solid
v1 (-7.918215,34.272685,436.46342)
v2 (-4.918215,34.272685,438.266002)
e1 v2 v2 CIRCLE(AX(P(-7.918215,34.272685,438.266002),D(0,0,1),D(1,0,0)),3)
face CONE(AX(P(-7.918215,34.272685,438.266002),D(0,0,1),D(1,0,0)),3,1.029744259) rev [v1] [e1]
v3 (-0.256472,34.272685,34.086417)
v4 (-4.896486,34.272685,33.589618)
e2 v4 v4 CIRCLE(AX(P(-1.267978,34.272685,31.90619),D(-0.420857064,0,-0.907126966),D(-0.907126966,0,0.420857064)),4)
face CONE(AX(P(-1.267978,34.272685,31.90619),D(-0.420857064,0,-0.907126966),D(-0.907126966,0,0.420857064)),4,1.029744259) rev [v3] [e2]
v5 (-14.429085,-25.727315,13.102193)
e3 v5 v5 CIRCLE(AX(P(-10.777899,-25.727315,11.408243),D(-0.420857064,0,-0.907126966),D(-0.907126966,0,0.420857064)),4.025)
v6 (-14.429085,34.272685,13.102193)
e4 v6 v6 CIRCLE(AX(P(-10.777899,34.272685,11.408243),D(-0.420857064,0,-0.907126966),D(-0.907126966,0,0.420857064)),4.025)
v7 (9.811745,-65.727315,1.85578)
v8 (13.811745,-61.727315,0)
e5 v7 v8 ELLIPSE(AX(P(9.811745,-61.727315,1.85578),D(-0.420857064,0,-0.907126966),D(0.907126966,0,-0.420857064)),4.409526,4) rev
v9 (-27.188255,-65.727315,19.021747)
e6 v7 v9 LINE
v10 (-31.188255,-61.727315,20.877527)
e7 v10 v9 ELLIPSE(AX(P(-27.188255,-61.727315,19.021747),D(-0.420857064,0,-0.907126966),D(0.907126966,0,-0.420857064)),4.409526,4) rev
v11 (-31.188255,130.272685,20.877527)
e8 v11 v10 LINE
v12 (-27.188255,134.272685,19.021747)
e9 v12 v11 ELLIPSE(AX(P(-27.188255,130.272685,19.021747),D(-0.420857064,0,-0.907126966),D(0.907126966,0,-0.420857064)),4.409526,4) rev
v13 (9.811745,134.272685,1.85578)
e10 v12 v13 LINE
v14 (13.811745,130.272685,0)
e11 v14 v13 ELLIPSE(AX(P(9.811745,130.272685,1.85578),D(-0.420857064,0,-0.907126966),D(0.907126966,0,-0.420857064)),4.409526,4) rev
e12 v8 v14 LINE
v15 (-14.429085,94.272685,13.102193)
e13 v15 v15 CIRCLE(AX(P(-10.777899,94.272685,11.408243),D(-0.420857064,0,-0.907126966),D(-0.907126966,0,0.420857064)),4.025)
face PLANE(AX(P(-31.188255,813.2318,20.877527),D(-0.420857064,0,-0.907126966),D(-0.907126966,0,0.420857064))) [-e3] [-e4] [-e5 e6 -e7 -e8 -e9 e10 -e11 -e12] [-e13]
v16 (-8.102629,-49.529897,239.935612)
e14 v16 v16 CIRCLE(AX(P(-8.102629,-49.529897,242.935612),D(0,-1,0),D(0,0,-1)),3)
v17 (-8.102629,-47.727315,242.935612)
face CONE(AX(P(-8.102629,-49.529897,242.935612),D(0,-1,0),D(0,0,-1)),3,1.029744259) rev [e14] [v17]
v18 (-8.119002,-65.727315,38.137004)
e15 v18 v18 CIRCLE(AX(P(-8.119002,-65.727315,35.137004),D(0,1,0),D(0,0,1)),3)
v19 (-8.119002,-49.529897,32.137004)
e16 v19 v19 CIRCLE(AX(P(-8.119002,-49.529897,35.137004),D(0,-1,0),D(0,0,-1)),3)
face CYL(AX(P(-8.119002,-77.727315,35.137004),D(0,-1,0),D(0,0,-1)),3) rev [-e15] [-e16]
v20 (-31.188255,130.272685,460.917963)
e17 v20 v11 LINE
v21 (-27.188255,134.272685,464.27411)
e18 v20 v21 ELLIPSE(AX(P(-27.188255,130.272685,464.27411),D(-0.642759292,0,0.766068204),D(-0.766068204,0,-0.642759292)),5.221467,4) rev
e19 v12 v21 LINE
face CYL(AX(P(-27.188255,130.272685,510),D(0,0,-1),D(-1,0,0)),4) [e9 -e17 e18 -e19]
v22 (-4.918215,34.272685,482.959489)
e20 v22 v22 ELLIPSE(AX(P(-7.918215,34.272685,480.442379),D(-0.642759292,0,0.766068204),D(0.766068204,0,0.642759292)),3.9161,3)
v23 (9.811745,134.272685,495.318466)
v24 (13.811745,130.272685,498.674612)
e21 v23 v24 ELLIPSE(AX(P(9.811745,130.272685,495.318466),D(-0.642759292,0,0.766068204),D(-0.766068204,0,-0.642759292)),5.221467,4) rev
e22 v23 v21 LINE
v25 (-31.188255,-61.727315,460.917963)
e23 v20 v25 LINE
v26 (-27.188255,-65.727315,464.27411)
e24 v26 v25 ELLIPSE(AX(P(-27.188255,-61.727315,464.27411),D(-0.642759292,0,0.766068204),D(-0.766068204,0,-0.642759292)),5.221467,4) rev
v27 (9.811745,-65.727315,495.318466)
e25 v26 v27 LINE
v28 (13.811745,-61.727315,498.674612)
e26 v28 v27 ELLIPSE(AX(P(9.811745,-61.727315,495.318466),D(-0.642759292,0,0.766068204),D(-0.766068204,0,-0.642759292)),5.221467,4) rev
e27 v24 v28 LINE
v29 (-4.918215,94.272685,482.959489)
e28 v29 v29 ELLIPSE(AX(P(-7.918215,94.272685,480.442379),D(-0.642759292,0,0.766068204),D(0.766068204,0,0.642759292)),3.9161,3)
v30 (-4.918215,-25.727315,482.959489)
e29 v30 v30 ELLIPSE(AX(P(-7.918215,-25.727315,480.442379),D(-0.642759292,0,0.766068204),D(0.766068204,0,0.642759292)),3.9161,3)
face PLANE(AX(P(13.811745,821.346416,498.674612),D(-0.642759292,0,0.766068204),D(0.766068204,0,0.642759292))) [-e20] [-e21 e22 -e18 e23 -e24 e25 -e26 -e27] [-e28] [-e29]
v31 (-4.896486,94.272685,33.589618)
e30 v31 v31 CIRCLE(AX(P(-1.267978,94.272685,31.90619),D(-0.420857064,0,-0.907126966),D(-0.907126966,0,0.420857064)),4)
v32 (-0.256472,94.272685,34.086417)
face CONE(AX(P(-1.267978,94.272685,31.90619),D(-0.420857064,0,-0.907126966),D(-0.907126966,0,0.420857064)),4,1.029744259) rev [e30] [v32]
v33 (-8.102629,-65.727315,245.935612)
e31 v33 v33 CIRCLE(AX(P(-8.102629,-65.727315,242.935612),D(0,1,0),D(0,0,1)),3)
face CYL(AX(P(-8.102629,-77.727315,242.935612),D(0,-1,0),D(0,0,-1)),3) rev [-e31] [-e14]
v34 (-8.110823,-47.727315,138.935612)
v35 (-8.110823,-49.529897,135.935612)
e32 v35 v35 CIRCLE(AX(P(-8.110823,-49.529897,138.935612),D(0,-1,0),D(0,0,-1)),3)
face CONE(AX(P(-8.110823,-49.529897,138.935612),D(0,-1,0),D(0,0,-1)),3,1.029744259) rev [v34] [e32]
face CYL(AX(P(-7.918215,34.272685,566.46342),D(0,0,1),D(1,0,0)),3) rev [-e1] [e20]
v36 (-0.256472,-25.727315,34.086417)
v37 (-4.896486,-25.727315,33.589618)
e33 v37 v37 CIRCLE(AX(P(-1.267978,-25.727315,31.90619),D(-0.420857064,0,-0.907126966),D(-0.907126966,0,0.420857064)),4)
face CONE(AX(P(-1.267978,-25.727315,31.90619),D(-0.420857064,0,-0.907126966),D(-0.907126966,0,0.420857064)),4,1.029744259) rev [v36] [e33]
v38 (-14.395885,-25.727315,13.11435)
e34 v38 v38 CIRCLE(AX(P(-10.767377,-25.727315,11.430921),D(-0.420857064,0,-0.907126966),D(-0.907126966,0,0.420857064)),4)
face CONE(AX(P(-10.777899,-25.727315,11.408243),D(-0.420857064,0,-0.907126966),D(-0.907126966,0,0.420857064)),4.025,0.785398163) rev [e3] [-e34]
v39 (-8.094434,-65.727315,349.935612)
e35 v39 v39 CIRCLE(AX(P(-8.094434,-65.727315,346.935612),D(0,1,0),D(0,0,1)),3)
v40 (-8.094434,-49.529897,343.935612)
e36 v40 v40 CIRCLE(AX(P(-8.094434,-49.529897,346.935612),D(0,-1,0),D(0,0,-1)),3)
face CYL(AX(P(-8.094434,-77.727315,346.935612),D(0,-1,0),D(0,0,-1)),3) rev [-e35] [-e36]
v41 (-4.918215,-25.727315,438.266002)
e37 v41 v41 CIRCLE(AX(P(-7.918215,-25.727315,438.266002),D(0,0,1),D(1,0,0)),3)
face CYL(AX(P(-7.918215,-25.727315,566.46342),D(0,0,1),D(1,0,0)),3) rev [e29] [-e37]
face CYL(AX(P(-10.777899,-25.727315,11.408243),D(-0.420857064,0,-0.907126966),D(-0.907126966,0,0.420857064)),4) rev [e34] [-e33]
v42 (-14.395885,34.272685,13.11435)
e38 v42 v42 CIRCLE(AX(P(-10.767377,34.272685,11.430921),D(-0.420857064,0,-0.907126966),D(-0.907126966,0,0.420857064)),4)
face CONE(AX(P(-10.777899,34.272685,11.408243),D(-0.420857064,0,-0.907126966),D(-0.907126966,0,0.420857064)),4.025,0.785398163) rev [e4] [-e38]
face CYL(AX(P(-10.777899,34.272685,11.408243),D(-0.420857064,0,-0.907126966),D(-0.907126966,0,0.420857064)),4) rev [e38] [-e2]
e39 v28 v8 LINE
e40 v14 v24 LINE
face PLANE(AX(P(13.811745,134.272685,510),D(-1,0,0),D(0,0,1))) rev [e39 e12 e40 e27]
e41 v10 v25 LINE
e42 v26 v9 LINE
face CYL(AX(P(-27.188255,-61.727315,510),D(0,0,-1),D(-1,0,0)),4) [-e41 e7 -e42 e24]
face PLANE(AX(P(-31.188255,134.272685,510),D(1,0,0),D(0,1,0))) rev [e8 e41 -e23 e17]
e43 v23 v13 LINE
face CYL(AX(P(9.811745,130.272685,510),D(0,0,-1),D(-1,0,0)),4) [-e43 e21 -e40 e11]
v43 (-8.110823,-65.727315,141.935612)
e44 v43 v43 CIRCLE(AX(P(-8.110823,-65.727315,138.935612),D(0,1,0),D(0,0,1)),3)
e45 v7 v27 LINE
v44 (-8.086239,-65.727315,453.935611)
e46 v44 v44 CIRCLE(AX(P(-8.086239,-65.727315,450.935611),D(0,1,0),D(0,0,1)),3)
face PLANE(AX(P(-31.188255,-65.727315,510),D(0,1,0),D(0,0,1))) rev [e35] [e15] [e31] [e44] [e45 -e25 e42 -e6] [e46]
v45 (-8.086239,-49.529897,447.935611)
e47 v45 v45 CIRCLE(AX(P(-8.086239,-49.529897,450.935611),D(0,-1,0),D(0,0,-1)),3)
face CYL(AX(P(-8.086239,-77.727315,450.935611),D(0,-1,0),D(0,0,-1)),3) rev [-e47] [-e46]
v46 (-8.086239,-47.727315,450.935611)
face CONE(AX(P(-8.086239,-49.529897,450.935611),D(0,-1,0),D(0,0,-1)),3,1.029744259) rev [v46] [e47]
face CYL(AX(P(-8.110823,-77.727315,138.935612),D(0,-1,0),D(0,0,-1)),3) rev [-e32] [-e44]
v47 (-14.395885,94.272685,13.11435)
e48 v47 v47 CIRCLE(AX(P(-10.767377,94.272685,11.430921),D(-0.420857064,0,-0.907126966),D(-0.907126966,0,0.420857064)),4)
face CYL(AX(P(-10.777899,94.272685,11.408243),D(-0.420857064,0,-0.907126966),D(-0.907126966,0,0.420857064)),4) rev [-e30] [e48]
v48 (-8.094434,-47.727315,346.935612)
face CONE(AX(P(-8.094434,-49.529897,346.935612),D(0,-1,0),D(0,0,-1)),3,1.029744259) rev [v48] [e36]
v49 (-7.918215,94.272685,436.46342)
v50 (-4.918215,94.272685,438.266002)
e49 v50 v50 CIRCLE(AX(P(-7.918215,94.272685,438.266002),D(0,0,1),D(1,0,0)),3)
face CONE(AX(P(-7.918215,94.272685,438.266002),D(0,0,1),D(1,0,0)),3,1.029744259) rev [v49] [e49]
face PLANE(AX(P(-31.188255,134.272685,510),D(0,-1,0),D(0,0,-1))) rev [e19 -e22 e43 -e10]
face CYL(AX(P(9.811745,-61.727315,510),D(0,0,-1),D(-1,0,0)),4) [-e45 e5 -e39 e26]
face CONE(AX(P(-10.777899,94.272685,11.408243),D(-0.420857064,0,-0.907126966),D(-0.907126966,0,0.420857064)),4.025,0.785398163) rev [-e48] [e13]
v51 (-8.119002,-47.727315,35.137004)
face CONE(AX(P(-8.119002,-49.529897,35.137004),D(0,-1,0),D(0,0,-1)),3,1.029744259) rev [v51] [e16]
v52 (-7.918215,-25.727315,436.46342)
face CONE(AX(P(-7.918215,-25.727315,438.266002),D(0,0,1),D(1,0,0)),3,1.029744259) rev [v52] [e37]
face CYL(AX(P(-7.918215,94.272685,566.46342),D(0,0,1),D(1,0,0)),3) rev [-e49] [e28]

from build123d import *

# Parameters (mm, degrees)
SKETCH1_W                        = 45
SKETCH1_H                        = 200
BOSS_EXTRUDE1_DEPTH              = 510
FILLET1_R                        = 4
CUT_EXTRUDE1_DEPTH               = 549.700926986
CUT_EXTRUDE1_DEPTH_BACK          = 549.700926986
CUT_EXTRUDE2_DEPTH               = 539.19055733
CUT_EXTRUDE2_DEPTH_BACK          = 539.19055733
F_8_0MM_DOWEL_SLOT1_D            = 8
F_8_0MM_DOWEL_SLOT1_DEPTH        = 22.596557524
F_8_0MM_DOWEL_SLOT1_CSINK_D      = 8.05
F_8_0MM_DOWEL_SLOT1_CSINK_ANGLE  = 90
F_8_0MM_DOWEL_SLOT1_TIP          = 2.403442476
F_6_0MM_DOWEL_SLOT_D             = 6
F_6_0MM_DOWEL_SLOT_DEPTH         = 128.197418143
F_6_0MM_DOWEL_SLOT_CSINK_D       = 6.05
F_6_0MM_DOWEL_SLOT_CSINK_ANGLE   = 90
F_6_0MM_DOWEL_SLOT_TIP           = 1.802581857
F_6_0MM_DOWEL_SLOT4_D            = 6
F_6_0MM_DOWEL_SLOT4_DEPTH        = 10.197418143
F_6_0MM_DOWEL_SLOT4_TIP          = 1.802581857
F_6_0MM_DOWEL_SLOT17_D           = 6
F_6_0MM_DOWEL_SLOT17_DEPTH       = 28.197418143
F_6_0MM_DOWEL_SLOT17_CSINK_D     = 6.05
F_6_0MM_DOWEL_SLOT17_CSINK_ANGLE = 90
F_6_0MM_DOWEL_SLOT17_TIP         = 1.802581857


with BuildPart() as part:
    # Sketch1 → Boss-Extrude1 (new body)
    with BuildSketch(Plane.XY):
        with Locations((-8.688255411, 34.272684877)):
            Rectangle(SKETCH1_W, SKETCH1_H)
    extrude(amount=BOSS_EXTRUDE1_DEPTH)

    # Fillet1
    fillet1_edges = [part.edges().sort_by_distance(p)[0] for p in [
        (13.811744589, 134.272684877, 255),
        (13.811744589, -65.727315123, 255),
        (-31.188255411, -65.727315123, 255),
        (-31.188255411, 134.272684877, 255),
    ]]
    fillet(fillet1_edges, radius=FILLET1_R)

    # Sketch2 → Cut-Extrude1 (cut, two sides: drawn at the far end of the back side and taken through both)
    with BuildSketch(Plane(origin=(0, 134.272684877, 0), x_dir=(1, 0, 0), z_dir=(0, 1, 0)).offset(-CUT_EXTRUDE1_DEPTH_BACK)):
        Polygon((788.614470133, -1148.76248804), (13.811744589, -498.67461207), (-31.188255411, -460.917963243), (-805.990980955, 189.169912727), (-2106.166732895, -1360.435538361), (-511.561281807, -2698.367939128), align=None)
    extrude(amount=CUT_EXTRUDE1_DEPTH + CUT_EXTRUDE1_DEPTH_BACK, mode=Mode.SUBTRACT)

    # Sketch3 → Cut-Extrude2 (cut, two sides: drawn at the far end of the back side and taken through both)
    with BuildSketch(Plane(origin=(0, 134.272684877, 0), x_dir=(1, 0, 0), z_dir=(0, 1, 0)).offset(-CUT_EXTRUDE2_DEPTH_BACK)):
        Polygon((-948.658060529, -446.533100004), (-31.188255411, -20.877527163), (13.811744589, 0), (931.281549707, 425.655572841), (79.970404025, 2260.595183077), (-1799.969206211, 1388.406510232), align=None)
    extrude(amount=CUT_EXTRUDE2_DEPTH + CUT_EXTRUDE2_DEPTH_BACK, mode=Mode.SUBTRACT)

    # Ø8.0mm Dowel Slot1
    with Locations(Plane(origin=(-1225.746798414, -65.727315123, 575.087047823), x_dir=(-0.9071269657115731, 0, 0.4208570637151221), z_dir=(-0.4208570637151221, 0, -0.9071269657115731))):
        with Locations((-1339.359258027, 40), (-1339.359258027, 100), (-1339.359258027, 160)):
            CounterSinkHole(F_8_0MM_DOWEL_SLOT1_D / 2, F_8_0MM_DOWEL_SLOT1_CSINK_D / 2, depth=F_8_0MM_DOWEL_SLOT1_DEPTH, counter_sink_angle=F_8_0MM_DOWEL_SLOT1_CSINK_ANGLE)
            with Locations((0, 0, -(F_8_0MM_DOWEL_SLOT1_DEPTH + F_8_0MM_DOWEL_SLOT1_TIP / 2))):  # 118° drill point
                Cone(0, F_8_0MM_DOWEL_SLOT1_D / 2, F_8_0MM_DOWEL_SLOT1_TIP, mode=Mode.SUBTRACT)

    # Ø6.0mm Dowel Slot
    with Locations(Plane(origin=(-1255.768167205, -65.727315123, 566.463420302), x_dir=(1, 0, 0), z_dir=(0, 0, 1))):
        with Locations((1247.849951753, 160), (1247.849951753, 100), (1247.849951753, 40)):
            CounterSinkHole(F_6_0MM_DOWEL_SLOT_D / 2, F_6_0MM_DOWEL_SLOT_CSINK_D / 2, depth=F_6_0MM_DOWEL_SLOT_DEPTH, counter_sink_angle=F_6_0MM_DOWEL_SLOT_CSINK_ANGLE)
            with Locations((0, 0, -(F_6_0MM_DOWEL_SLOT_DEPTH + F_6_0MM_DOWEL_SLOT_TIP / 2))):  # 118° drill point
                Cone(0, F_6_0MM_DOWEL_SLOT_D / 2, F_6_0MM_DOWEL_SLOT_TIP, mode=Mode.SUBTRACT)

    # Ø6.0mm Dowel Slot4
    with Locations(Plane(origin=(-1324.714305528, -77.727315123, 452.529822169), x_dir=(0.642759292005894, 0, -0.766068203582476), z_dir=(0, -1, 0))):
        with Locations((-341.005231297, 740.318686522), (-261.339405676, 807.171930483), (-181.750714685, 873.960445306), (-102.007754434, 940.878418405), (-22.496198074, 1007.60220409), (847.496198074, 1007.60220409), (927.007754434, 940.878418405), (1006.750714685, 873.960445306), (1086.339405676, 807.171930483), (1166.005231297, 740.318686522)):
            Hole(F_6_0MM_DOWEL_SLOT4_D / 2, depth=F_6_0MM_DOWEL_SLOT4_DEPTH)
            with Locations((0, 0, -(F_6_0MM_DOWEL_SLOT4_DEPTH + F_6_0MM_DOWEL_SLOT4_TIP / 2))):  # 118° drill point
                Cone(0, F_6_0MM_DOWEL_SLOT4_D / 2, F_6_0MM_DOWEL_SLOT4_TIP, mode=Mode.SUBTRACT)

    # Ø6.0mm Dowel Slot17
    with Locations(Plane(origin=(-1324.714305529, -77.727315123, 452.529822169), x_dir=(0.642759292005894, 0, -0.766068203582476), z_dir=(0, -1, 0))):
        with Locations((22.5, 1726.5), (22.5, 1640.5), (802.5, 1726.5), (802.5, 1640.5), (22.5, -955.960621131), (22.5, -1636.5), (802.5, -1462.5), (802.5, -1636.5), (22.5, -1722.5), (802.5, -1722.5), (22.5, -1550.5), (802.5, -640.31), (120, -1722.5), (217.5, -1722.5), (315, -1722.5), (412.5, -1722.5), (510, -1722.5), (607.5, -1722.5), (705, -1722.5), (22.5, -861.25), (22.5, -883.75), (-22.496198074, -917.60220409), (802.5, -861.25), (802.5, -883.75), (847.496198074, -917.60220409), (802.5, -529.84), (22.5, -750.249617159), (-341.005231297, -650.318686522), (1166.005231297, -650.318686522), (-310.084924074, 22.5), (-310.084924074, 67.5), (22.5, 67.5), (22.5, 22.5), (802.5, 67.5), (802.5, 22.5), (1133.730020848, 67.5), (1133.730020848, 22.5), (1166.005231297, 740.318686522), (802.560751791, 973.75), (802.560751791, 951.25), (847.496198074, 1007.60220409), (-22.496198074, 1007.60220409), (22.560751791, 951.25), (-341.005231297, 740.318686522), (22.5, 1812.5), (802.5, 1812.5), (22.5, 1552.5), (802.5, 1552.5), (-102.162023695, -850.748960129), (-181.827849315, -783.895716167), (-261.493674936, -717.042472206), (927.162023695, -850.748960129), (1006.827849315, -783.895716167), (1086.493674936, -717.042472206), (1086.493674936, 807.042472206), (1006.827849315, 873.895716167), (927.162023695, 940.748960129), (-102.162023695, 940.748960129), (-181.827849315, 873.895716167), (-261.493674936, 807.042472206), (-199.224924074, 67.5), (-88.364924074, 67.5), (-199.224924074, 22.5), (-88.364924074, 22.5), (912.010020848, 67.5), (1022.870020848, 67.5), (912.010020848, 22.5), (1022.870020848, 22.5), (120, 67.5), (217.5, 67.5), (315, 67.5), (607.5, 67.5), (705, 67.5), (510, 67.5), (120, 22.5), (217.5, 22.5), (315, 22.5), (510, 22.5), (607.5, 22.5), (705, 22.5), (412.5, 22.5), (22.5, -750.78), (22.5, -640.31), (22.5, -529.84), (22.5, -419.37), (22.5, -308.9), (22.5, -198.43), (22.5, -87.96), (802.5, -750.78), (802.5, -419.37), (802.5, -308.9), (802.5, -198.43), (22.5, 177.97), (22.5, 288.44), (22.5, 398.91), (22.5, 509.38), (22.5, 619.85), (22.5, 730.32), (22.5, 840.79), (802.5, -87.96), (802.5, 177.97), (802.5, 288.44), (120.000330201, 1812.753749877), (217.5, 1812.5), (315, 1812.5), (412.5, 1812.5), (510, 1812.5), (607.5, 1812.5), (705, 1812.5), (120.060751791, 951.25), (217.560751791, 951.25), (315.060751791, 951.25), (412.560751791, 951.25), (510.060751791, 951.25), (607.560751791, 951.25), (705.060751791, 951.25), (656.310751791, 973.75), (558.810751791, 973.75), (461.310751791, 973.75), (363.810751791, 973.75), (266.310751791, 973.75), (168.810751791, 973.75), (120, -861.25), (217.5, -861.25), (315, -861.25), (412.5, -861.25), (510, -861.25), (607.5, -861.25), (705, -861.25), (656.25, -883.75), (558.75, -883.75), (461.25, -883.75), (168.75, -883.75), (266.25, -883.75), (363.75, -883.75), (802.560751791, -955.960621131), (412.5, 67.5), (802.5, 730.32), (802.560751791, 840.79), (802.5, 398.91), (802.5, 509.38), (802.5, 619.85), (-360.000025903, 699.425529794), (-360.000025903, -609.521258848), (-360.000025903, 598.725529794), (-360.000025903, 498.025529794), (-360.000025903, 397.325529794), (-360.000025903, 296.625529794), (-360.000025903, 195.925529794), (-360.000025903, 95.225529794), (-360.000025903, -5.474470206), (-360.000025903, -106.174470206), (-360.000025903, -206.874470206), (-360.000025903, -307.574470206), (-360.000025903, -408.274470206), (-360.000025903, -508.974470206), (1185.00101945, 699.425529452), (1185.000941829, 598.725529794), (1185.000864209, 498.025529794), (1185.000708968, 296.625529794), (1185.000631348, 195.925529794), (1185.000553727, 95.225529794), (1185.000476107, -5.474470206), (1185.000398486, -106.174470206), (1185.000320866, -206.874470206), (1185.000165625, -408.274470206), (1185.000088004, -508.974470206), (1185.000786589, 397.325529794), (22.560751791, 1016.385842825), (802.560751791, 1016.385842825), (802.560751791, -1550.5), (22.560751791, 973.75), (802.560751791, -363.966698641)):
            CounterSinkHole(F_6_0MM_DOWEL_SLOT17_D / 2, F_6_0MM_DOWEL_SLOT17_CSINK_D / 2, depth=F_6_0MM_DOWEL_SLOT17_DEPTH, counter_sink_angle=F_6_0MM_DOWEL_SLOT17_CSINK_ANGLE)
            with Locations((0, 0, -(F_6_0MM_DOWEL_SLOT17_DEPTH + F_6_0MM_DOWEL_SLOT17_TIP / 2))):  # 118° drill point
                Cone(0, F_6_0MM_DOWEL_SLOT17_D / 2, F_6_0MM_DOWEL_SLOT17_TIP, mode=Mode.SUBTRACT)


solid = part.part
